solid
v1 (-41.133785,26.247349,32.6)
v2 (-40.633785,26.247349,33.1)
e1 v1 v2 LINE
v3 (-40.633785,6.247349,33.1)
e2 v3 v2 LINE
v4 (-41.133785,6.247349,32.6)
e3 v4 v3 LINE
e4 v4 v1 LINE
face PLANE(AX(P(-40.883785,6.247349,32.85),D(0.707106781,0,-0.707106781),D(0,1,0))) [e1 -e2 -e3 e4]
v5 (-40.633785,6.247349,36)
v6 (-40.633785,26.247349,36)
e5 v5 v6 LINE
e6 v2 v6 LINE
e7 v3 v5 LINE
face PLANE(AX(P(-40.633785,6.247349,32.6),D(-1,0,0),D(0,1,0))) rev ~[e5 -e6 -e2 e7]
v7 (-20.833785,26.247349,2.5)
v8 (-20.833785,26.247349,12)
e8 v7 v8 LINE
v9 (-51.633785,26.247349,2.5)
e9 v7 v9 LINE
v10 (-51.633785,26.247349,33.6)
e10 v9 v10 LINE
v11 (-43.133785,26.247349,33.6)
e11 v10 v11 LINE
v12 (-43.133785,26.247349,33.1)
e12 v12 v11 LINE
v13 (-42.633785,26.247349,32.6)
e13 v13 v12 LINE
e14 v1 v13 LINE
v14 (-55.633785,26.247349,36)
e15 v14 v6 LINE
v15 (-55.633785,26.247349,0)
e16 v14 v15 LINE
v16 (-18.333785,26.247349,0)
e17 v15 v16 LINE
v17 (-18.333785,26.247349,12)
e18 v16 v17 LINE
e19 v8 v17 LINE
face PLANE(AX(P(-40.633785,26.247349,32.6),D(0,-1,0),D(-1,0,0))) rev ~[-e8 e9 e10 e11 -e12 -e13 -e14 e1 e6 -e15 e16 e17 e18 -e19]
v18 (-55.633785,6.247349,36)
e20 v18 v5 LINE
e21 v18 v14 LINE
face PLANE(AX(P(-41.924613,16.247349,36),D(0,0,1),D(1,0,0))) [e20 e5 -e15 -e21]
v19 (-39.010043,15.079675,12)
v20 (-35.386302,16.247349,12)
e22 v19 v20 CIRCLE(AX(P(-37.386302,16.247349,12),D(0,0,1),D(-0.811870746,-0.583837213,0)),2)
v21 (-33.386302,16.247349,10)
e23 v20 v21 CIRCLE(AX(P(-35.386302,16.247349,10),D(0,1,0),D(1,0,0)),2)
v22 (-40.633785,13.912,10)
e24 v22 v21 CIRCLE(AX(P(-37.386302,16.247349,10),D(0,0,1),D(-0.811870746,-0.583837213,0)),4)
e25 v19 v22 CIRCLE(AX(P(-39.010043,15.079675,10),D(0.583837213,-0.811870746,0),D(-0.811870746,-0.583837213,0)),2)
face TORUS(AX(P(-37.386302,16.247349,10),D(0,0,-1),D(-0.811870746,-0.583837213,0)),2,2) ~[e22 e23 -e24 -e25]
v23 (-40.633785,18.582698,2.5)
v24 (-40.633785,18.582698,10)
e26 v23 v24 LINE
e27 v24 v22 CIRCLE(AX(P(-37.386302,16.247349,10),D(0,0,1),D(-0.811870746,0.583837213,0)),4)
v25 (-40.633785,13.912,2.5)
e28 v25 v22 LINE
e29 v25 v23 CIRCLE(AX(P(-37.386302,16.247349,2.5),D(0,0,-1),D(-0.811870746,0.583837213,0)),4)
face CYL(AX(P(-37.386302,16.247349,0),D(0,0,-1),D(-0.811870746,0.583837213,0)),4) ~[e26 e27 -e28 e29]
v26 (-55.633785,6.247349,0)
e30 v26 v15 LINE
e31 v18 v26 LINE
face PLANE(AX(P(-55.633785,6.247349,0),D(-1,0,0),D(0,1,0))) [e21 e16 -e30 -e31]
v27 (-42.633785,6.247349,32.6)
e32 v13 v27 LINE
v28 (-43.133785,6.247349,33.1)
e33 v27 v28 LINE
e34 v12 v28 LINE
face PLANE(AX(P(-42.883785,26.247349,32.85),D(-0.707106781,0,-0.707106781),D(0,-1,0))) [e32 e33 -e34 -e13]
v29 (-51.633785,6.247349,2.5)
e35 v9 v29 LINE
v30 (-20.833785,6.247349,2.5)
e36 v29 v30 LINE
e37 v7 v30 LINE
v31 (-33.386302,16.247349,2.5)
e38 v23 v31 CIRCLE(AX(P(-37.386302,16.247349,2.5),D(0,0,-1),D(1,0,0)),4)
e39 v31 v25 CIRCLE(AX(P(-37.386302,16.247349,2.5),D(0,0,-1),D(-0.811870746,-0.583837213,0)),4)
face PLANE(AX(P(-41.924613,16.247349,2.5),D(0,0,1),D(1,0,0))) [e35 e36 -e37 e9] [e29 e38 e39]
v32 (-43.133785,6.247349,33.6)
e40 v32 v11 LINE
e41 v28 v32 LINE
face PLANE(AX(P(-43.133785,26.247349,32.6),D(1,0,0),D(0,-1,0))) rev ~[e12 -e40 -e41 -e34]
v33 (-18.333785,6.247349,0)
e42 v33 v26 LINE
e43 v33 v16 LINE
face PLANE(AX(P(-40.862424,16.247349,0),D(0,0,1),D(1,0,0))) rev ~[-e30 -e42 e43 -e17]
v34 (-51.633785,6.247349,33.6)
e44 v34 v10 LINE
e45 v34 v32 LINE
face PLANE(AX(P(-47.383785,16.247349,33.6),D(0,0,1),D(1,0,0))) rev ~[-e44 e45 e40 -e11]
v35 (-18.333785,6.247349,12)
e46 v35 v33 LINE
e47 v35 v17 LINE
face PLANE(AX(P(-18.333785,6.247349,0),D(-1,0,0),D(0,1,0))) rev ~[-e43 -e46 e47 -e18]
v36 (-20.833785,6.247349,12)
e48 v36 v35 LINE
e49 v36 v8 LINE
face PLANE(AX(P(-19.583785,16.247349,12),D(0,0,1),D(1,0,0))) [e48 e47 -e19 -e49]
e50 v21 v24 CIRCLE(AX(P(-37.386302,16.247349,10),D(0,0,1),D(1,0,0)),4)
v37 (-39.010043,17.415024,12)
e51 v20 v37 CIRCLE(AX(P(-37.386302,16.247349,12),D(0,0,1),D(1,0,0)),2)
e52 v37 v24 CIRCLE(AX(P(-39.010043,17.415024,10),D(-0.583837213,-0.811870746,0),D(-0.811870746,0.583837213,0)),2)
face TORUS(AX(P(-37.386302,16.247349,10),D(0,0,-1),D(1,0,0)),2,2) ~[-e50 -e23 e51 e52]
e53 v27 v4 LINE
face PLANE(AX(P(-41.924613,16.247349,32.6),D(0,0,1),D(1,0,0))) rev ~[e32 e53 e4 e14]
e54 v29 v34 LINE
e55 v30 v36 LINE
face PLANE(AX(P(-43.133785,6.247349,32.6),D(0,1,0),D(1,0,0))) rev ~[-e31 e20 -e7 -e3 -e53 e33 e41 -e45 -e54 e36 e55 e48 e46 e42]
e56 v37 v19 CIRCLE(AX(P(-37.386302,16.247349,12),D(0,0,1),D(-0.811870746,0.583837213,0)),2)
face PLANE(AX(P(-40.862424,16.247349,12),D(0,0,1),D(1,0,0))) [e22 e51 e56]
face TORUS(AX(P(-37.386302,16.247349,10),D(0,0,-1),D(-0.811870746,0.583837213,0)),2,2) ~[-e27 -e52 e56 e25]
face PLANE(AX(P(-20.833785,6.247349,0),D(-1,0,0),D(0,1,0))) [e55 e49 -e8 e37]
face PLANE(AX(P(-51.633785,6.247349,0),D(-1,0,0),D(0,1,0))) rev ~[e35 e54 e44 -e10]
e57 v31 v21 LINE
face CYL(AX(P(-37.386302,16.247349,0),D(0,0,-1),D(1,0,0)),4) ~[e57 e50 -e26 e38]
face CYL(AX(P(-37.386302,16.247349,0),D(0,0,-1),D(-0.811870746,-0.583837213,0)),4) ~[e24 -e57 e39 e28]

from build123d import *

# Parameters (mm, degrees)
F0_W     = 2.5
F0_H     = 20
F0_W_2   = 4
F0_W_3   = 8.5
F1_DEPTH = 2.5
F2_DEPTH = 12
F3_DEPTH = 12
F4_DEPTH = 36
F5_START = 33.6
F5_DEPTH = 2.4
F6_R     = 2
F7_START = 32.6
F7_DEPTH = 3.4
F8_SIZE  = 0.5


with BuildPart() as f1:
    # F0 (on Top) → F1 (new body)
    with BuildSketch(Plane.XY):
        with BuildLine():
            ThreePointArc((-40.6337848902, 13.9120002314), (-41.3863019049, 16.2473490834), (-40.6337848902, 18.5826979354))
            Line((-40.6337848902, 18.5826979354), (-40.6337848902, 26.2473490834))
            Line((-40.6337848902, 26.2473490834), (-43.1337848902, 26.2473490834))
            Line((-43.1337848902, 26.2473490834), (-43.1337848902, 6.2473490834))
            Line((-43.1337848902, 6.2473490834), (-40.6337848902, 6.2473490834))
            Line((-40.6337848902, 6.2473490834), (-40.6337848902, 13.9120002314))
        make_face()
        with BuildLine():
            ThreePointArc((-40.6337848902, 18.5826979354), (-36.159503621, 20.0545745785), (-33.3863019049, 16.2473490834))
            ThreePointArc((-33.3863019049, 16.2473490834), (-36.159503621, 12.4401235883), (-40.6337848902, 13.9120002314))
            Line((-40.6337848902, 13.9120002314), (-40.6337848902, 6.2473490834))
            Line((-40.6337848902, 6.2473490834), (-20.8337848902, 6.2473490834))
            Line((-20.8337848902, 6.2473490834), (-20.8337848902, 26.2473490834))
            Line((-20.8337848902, 26.2473490834), (-40.6337848902, 26.2473490834))
            Line((-40.6337848902, 26.2473490834), (-40.6337848902, 18.5826979354))
        make_face()
        with BuildLine():
            Line((-40.6337848902, 13.9120002314), (-40.6337848902, 18.5826979354))
            ThreePointArc((-40.6337848902, 18.5826979354), (-41.3863019049, 16.2473490834), (-40.6337848902, 13.9120002314))
        make_face()
        with BuildLine():
            ThreePointArc((-40.6337848902, 13.9120002314), (-36.159503621, 12.4401235883), (-33.3863019049, 16.2473490834))
            ThreePointArc((-33.3863019049, 16.2473490834), (-36.159503621, 20.0545745785), (-40.6337848902, 18.5826979354))
            Line((-40.6337848902, 18.5826979354), (-40.6337848902, 13.9120002314))
        make_face()
        with Locations((-19.5837848902, 16.2473490834)):
            Rectangle(F0_W, F0_H)
        with Locations((-53.6337848902, 16.2473490834)):
            Rectangle(F0_W_2, F0_H)
        with Locations((-47.3837848902, 16.2473490834)):
            Rectangle(F0_W_3, F0_H)
    extrude(amount=F1_DEPTH)

    # F0 (on Top) → F2 (join)
    with BuildSketch(Plane.XY):
        with Locations((-19.5837848902, 16.2473490834)):
            Rectangle(F0_W, F0_H)
    extrude(amount=F2_DEPTH)

    # F0 (on Top) → F3 (join)
    with BuildSketch(Plane.XY):
        with BuildLine():
            Line((-40.6337848902, 13.9120002314), (-40.6337848902, 18.5826979354))
            ThreePointArc((-40.6337848902, 18.5826979354), (-41.3863019049, 16.2473490834), (-40.6337848902, 13.9120002314))
        make_face()
        with BuildLine():
            ThreePointArc((-40.6337848902, 13.9120002314), (-36.159503621, 12.4401235883), (-33.3863019049, 16.2473490834))
            ThreePointArc((-33.3863019049, 16.2473490834), (-36.159503621, 20.0545745785), (-40.6337848902, 18.5826979354))
            Line((-40.6337848902, 18.5826979354), (-40.6337848902, 13.9120002314))
        make_face()
    extrude(amount=F3_DEPTH)

    # F0 (on Top) → F4 (join)
    with BuildSketch(Plane.XY):
        with Locations((-53.6337848902, 16.2473490834)):
            Rectangle(F0_W_2, F0_H)
    extrude(amount=F4_DEPTH)

    # F0 (on Top) → F5 (join)
    with BuildSketch(Plane.XY.offset(F5_START)):
        with Locations((-47.3837848902, 16.2473490834)):
            Rectangle(F0_W_3, F0_H)
    extrude(amount=F5_DEPTH)

    # F6
    f6_edges = [f1.edges().sort_by_distance(p)[0] for p in [
        (-34.138819, 18.582698, 12),
    ]]
    fillet(f6_edges, radius=F6_R)

    # F0 (on Top) → F7 (join)
    with BuildSketch(Plane.XY.offset(F7_START)):
        with BuildLine():
            ThreePointArc((-40.6337848902, 13.9120002314), (-41.3863019049, 16.2473490834), (-40.6337848902, 18.5826979354))
            Line((-40.6337848902, 18.5826979354), (-40.6337848902, 26.2473490834))
            Line((-40.6337848902, 26.2473490834), (-43.1337848902, 26.2473490834))
            Line((-43.1337848902, 26.2473490834), (-43.1337848902, 6.2473490834))
            Line((-43.1337848902, 6.2473490834), (-40.6337848902, 6.2473490834))
            Line((-40.6337848902, 6.2473490834), (-40.6337848902, 13.9120002314))
        make_face()
        with BuildLine():
            Line((-40.6337848902, 13.9120002314), (-40.6337848902, 18.5826979354))
            ThreePointArc((-40.6337848902, 18.5826979354), (-41.3863019049, 16.2473490834), (-40.6337848902, 13.9120002314))
        make_face()
    extrude(amount=F7_DEPTH)

    # F8
    f8_edges = [f1.edges().sort_by_distance(p)[0] for p in [
        (-40.633785, 16.247349, 32.6),
        (-43.133785, 16.247349, 32.6),
    ]]
    chamfer(f8_edges, length=F8_SIZE)


solid = f1.part
